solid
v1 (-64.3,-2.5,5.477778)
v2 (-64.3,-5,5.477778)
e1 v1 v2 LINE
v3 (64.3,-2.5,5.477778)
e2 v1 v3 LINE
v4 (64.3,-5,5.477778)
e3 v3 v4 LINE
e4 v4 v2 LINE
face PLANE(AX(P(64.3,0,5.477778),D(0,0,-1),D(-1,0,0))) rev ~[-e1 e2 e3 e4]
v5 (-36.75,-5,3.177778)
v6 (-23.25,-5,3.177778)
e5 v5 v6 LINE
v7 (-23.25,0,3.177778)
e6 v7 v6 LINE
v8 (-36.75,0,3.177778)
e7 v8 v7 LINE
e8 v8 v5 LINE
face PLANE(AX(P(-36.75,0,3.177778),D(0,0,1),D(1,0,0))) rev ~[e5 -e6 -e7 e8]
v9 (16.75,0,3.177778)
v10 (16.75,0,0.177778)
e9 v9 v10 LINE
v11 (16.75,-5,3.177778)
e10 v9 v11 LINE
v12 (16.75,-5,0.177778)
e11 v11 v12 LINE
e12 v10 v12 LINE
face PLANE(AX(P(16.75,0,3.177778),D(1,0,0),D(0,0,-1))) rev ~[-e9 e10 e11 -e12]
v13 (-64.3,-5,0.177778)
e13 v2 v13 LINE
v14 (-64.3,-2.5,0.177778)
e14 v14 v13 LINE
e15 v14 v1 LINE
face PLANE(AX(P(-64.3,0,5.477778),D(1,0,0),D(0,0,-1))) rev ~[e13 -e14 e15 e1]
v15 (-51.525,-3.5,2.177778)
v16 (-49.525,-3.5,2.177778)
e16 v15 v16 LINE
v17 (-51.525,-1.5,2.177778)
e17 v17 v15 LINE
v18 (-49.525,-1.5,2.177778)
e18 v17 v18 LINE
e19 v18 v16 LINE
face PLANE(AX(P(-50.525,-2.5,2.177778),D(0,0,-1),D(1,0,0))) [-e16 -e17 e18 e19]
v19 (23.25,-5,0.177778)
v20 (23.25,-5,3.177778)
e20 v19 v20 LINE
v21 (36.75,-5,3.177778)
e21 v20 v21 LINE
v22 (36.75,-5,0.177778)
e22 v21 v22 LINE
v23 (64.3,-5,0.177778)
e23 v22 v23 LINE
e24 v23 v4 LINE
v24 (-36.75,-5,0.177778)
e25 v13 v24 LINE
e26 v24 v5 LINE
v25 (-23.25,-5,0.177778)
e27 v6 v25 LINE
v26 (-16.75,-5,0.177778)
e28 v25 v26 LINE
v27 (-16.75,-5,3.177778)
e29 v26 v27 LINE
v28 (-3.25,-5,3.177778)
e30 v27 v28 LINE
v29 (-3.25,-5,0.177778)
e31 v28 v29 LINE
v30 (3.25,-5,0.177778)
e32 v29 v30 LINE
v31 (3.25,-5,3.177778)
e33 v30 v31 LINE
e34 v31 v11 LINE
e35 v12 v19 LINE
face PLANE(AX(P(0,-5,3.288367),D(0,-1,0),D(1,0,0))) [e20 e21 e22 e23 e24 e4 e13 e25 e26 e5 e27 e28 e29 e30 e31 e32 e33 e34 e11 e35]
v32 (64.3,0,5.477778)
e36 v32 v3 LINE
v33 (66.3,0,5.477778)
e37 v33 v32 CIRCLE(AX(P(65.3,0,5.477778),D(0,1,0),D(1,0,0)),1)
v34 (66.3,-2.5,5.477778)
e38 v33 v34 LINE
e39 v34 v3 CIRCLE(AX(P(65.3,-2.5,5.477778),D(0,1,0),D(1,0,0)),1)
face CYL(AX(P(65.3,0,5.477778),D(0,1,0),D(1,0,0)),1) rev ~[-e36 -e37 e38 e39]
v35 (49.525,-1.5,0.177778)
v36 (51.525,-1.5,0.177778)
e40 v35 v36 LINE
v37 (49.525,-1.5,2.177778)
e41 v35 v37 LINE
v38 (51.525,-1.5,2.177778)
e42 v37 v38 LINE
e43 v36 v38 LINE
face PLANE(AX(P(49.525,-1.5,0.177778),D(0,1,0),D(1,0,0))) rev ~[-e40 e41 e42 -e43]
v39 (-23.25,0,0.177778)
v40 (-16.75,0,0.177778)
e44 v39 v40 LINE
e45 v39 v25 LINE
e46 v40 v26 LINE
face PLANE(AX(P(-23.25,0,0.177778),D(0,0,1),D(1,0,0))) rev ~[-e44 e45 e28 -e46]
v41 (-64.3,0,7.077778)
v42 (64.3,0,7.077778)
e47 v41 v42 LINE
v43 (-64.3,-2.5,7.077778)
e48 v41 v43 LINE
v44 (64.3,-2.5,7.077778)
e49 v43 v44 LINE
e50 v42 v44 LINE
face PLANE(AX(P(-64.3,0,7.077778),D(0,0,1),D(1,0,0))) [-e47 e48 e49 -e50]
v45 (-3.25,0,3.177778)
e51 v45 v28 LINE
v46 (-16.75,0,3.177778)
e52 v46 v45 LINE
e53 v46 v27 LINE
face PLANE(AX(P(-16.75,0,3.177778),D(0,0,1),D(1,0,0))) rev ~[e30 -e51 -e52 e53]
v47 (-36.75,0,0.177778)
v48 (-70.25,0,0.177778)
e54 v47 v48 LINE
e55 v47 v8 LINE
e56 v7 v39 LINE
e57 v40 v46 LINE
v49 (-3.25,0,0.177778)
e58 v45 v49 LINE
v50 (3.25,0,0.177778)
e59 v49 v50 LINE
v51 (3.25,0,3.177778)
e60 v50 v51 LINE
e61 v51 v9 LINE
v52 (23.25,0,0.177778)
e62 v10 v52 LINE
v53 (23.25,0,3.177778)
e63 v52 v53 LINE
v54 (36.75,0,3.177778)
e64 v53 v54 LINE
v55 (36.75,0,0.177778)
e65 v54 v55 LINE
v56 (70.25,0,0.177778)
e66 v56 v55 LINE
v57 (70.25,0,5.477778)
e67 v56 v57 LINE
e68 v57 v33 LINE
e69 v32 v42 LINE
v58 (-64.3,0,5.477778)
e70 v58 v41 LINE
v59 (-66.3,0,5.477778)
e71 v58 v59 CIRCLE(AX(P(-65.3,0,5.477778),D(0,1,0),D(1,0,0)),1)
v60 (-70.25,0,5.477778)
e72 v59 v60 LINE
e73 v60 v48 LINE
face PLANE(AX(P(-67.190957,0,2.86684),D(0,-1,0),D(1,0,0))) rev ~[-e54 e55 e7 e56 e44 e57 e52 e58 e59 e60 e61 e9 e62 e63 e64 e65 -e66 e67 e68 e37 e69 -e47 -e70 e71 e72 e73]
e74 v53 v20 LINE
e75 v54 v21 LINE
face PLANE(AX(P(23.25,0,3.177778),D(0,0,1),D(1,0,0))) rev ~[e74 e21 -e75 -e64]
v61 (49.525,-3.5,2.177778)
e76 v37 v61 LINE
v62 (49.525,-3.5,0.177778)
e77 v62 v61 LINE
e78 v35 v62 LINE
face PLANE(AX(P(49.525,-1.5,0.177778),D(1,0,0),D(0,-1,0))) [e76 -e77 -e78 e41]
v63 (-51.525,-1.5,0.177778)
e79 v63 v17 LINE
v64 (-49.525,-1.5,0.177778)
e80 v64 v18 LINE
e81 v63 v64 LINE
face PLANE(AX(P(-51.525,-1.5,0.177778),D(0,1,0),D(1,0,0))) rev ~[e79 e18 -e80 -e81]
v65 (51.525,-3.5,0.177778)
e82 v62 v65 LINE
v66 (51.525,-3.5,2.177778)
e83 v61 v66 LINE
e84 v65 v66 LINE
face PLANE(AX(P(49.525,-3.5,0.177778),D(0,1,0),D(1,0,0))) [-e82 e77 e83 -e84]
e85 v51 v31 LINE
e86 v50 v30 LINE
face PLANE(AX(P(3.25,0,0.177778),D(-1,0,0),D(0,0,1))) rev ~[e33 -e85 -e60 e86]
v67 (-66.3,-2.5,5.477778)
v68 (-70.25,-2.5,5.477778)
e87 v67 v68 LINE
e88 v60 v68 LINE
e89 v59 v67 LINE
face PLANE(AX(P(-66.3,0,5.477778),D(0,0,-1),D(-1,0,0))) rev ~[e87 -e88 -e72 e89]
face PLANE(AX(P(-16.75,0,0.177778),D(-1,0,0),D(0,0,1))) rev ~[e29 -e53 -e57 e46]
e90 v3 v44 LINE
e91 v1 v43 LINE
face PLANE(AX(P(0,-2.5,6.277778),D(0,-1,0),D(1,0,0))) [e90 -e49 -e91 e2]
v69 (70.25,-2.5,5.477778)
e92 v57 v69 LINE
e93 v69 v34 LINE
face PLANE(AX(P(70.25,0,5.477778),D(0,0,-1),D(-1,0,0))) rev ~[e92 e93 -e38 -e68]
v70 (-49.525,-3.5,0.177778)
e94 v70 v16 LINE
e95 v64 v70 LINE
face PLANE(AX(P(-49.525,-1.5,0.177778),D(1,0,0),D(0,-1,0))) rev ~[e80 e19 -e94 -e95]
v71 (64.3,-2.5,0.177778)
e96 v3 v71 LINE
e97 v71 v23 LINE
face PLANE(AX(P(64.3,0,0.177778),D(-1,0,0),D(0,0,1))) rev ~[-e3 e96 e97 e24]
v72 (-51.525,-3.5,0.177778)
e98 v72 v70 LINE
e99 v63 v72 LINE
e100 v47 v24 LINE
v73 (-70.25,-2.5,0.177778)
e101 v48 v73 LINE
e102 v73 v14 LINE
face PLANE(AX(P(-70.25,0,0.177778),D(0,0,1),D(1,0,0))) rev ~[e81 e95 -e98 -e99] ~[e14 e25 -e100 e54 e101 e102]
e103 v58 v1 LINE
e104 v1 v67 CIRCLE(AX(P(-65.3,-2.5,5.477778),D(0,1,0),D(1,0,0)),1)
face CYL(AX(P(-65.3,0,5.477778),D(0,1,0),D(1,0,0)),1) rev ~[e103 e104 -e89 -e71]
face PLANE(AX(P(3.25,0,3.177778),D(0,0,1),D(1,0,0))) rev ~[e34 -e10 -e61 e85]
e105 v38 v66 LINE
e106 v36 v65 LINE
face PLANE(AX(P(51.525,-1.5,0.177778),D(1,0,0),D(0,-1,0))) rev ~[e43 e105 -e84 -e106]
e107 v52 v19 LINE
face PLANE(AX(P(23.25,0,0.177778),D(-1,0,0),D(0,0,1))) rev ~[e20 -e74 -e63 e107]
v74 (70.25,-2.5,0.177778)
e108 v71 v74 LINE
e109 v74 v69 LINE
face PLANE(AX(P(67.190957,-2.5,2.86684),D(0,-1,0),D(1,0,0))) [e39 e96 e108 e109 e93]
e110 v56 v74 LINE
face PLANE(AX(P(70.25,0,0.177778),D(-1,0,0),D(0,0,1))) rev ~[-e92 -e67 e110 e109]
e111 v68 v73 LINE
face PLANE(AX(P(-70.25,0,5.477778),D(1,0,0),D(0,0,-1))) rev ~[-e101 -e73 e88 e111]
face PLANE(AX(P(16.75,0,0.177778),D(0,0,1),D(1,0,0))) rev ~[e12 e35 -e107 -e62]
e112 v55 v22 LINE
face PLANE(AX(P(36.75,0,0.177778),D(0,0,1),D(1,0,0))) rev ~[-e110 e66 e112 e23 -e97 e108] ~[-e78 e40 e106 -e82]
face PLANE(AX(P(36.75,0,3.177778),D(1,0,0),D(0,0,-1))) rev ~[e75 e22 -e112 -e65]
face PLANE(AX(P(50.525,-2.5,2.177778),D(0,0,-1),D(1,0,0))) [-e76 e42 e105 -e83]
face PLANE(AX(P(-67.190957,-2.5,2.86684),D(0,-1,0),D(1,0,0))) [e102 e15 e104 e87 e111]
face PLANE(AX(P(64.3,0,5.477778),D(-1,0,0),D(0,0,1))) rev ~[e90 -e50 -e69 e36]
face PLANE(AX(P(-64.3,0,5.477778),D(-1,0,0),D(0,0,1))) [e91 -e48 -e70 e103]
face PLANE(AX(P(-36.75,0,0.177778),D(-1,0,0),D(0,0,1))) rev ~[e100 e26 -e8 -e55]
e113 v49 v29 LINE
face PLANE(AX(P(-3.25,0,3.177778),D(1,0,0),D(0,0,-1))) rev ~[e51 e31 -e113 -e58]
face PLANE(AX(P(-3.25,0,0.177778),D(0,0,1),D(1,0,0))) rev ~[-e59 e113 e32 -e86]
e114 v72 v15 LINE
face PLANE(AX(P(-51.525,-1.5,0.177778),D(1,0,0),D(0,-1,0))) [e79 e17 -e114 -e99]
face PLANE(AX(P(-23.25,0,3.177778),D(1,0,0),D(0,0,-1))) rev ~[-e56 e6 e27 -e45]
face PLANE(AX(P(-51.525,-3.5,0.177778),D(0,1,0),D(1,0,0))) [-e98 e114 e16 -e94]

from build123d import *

# Parameters (mm, degrees)
F1_DEPTH = 5
F0_W     = 128.6
F0_H     = 1.6
F2_DEPTH = 2.5
F3_W     = 2
F3_H     = 2
F4_DEPTH = 2
F5_W     = 2
F5_H     = 2
F6_DEPTH = 2


with BuildPart() as f1:
    # F0 (on Front) → F1 (new body)
    with BuildSketch(Plane.XZ):
        Polygon((64.3, 0.177778), (64.3, 5.477778), (-64.3, 5.477778), (-64.3, 0.177778), (-36.75, 0.177778), (-36.75, 3.177778), (-23.25, 3.177778), (-23.25, 0.177778), (-16.75, 0.177778), (-16.75, 3.177778), (-3.25, 3.177778), (-3.25, 0.177778), (3.25, 0.177778), (3.25, 3.177778), (16.75, 3.177778), (16.75, 0.177778), (23.25, 0.177778), (23.25, 3.177778), (36.75, 3.177778), (36.75, 0.177778), align=None)
    extrude(amount=F1_DEPTH)

    # F0 (on Front) → F2 (join)
    with BuildSketch(Plane.XZ):
        with BuildLine():
            Line((-64.3, 0.177778), (-64.3, 5.477778))
            ThreePointArc((-64.3, 5.477778), (-65.3, 4.477778), (-66.3, 5.477778))
            Line((-66.3, 5.477778), (-70.25, 5.477778))
            Line((-70.25, 5.477778), (-70.25, 0.177778))
            Line((-70.25, 0.177778), (-64.3, 0.177778))
        make_face()
        with Locations((0, 6.277778)):
            Rectangle(F0_W, F0_H)
        with BuildLine():
            ThreePointArc((66.3, 5.477778), (65.3, 4.477778), (64.3, 5.477778))
            Line((64.3, 5.477778), (64.3, 0.177778))
            Line((64.3, 0.177778), (70.25, 0.177778))
            Line((70.25, 0.177778), (70.25, 5.477778))
            Line((70.25, 5.477778), (66.3, 5.477778))
        make_face()
    extrude(amount=F2_DEPTH)

    # F3 (on face) → F4 (cut)
    with BuildSketch(Plane(origin=(0, 0, 0.177778), x_dir=(1, 0, 0), z_dir=(0, 0, -1))):
        with Locations((50.525, 2.5)):
            Rectangle(F3_W, F3_H)
    extrude(amount=-F4_DEPTH, mode=Mode.SUBTRACT)

    # F5 (on face) → F6 (cut)
    with BuildSketch(Plane(origin=(0, 0, 0.177778), x_dir=(1, 0, 0), z_dir=(0, 0, -1))):
        with Locations((-50.525, 2.5)):
            Rectangle(F5_W, F5_H)
    extrude(amount=-F6_DEPTH, mode=Mode.SUBTRACT)


solid = f1.part
